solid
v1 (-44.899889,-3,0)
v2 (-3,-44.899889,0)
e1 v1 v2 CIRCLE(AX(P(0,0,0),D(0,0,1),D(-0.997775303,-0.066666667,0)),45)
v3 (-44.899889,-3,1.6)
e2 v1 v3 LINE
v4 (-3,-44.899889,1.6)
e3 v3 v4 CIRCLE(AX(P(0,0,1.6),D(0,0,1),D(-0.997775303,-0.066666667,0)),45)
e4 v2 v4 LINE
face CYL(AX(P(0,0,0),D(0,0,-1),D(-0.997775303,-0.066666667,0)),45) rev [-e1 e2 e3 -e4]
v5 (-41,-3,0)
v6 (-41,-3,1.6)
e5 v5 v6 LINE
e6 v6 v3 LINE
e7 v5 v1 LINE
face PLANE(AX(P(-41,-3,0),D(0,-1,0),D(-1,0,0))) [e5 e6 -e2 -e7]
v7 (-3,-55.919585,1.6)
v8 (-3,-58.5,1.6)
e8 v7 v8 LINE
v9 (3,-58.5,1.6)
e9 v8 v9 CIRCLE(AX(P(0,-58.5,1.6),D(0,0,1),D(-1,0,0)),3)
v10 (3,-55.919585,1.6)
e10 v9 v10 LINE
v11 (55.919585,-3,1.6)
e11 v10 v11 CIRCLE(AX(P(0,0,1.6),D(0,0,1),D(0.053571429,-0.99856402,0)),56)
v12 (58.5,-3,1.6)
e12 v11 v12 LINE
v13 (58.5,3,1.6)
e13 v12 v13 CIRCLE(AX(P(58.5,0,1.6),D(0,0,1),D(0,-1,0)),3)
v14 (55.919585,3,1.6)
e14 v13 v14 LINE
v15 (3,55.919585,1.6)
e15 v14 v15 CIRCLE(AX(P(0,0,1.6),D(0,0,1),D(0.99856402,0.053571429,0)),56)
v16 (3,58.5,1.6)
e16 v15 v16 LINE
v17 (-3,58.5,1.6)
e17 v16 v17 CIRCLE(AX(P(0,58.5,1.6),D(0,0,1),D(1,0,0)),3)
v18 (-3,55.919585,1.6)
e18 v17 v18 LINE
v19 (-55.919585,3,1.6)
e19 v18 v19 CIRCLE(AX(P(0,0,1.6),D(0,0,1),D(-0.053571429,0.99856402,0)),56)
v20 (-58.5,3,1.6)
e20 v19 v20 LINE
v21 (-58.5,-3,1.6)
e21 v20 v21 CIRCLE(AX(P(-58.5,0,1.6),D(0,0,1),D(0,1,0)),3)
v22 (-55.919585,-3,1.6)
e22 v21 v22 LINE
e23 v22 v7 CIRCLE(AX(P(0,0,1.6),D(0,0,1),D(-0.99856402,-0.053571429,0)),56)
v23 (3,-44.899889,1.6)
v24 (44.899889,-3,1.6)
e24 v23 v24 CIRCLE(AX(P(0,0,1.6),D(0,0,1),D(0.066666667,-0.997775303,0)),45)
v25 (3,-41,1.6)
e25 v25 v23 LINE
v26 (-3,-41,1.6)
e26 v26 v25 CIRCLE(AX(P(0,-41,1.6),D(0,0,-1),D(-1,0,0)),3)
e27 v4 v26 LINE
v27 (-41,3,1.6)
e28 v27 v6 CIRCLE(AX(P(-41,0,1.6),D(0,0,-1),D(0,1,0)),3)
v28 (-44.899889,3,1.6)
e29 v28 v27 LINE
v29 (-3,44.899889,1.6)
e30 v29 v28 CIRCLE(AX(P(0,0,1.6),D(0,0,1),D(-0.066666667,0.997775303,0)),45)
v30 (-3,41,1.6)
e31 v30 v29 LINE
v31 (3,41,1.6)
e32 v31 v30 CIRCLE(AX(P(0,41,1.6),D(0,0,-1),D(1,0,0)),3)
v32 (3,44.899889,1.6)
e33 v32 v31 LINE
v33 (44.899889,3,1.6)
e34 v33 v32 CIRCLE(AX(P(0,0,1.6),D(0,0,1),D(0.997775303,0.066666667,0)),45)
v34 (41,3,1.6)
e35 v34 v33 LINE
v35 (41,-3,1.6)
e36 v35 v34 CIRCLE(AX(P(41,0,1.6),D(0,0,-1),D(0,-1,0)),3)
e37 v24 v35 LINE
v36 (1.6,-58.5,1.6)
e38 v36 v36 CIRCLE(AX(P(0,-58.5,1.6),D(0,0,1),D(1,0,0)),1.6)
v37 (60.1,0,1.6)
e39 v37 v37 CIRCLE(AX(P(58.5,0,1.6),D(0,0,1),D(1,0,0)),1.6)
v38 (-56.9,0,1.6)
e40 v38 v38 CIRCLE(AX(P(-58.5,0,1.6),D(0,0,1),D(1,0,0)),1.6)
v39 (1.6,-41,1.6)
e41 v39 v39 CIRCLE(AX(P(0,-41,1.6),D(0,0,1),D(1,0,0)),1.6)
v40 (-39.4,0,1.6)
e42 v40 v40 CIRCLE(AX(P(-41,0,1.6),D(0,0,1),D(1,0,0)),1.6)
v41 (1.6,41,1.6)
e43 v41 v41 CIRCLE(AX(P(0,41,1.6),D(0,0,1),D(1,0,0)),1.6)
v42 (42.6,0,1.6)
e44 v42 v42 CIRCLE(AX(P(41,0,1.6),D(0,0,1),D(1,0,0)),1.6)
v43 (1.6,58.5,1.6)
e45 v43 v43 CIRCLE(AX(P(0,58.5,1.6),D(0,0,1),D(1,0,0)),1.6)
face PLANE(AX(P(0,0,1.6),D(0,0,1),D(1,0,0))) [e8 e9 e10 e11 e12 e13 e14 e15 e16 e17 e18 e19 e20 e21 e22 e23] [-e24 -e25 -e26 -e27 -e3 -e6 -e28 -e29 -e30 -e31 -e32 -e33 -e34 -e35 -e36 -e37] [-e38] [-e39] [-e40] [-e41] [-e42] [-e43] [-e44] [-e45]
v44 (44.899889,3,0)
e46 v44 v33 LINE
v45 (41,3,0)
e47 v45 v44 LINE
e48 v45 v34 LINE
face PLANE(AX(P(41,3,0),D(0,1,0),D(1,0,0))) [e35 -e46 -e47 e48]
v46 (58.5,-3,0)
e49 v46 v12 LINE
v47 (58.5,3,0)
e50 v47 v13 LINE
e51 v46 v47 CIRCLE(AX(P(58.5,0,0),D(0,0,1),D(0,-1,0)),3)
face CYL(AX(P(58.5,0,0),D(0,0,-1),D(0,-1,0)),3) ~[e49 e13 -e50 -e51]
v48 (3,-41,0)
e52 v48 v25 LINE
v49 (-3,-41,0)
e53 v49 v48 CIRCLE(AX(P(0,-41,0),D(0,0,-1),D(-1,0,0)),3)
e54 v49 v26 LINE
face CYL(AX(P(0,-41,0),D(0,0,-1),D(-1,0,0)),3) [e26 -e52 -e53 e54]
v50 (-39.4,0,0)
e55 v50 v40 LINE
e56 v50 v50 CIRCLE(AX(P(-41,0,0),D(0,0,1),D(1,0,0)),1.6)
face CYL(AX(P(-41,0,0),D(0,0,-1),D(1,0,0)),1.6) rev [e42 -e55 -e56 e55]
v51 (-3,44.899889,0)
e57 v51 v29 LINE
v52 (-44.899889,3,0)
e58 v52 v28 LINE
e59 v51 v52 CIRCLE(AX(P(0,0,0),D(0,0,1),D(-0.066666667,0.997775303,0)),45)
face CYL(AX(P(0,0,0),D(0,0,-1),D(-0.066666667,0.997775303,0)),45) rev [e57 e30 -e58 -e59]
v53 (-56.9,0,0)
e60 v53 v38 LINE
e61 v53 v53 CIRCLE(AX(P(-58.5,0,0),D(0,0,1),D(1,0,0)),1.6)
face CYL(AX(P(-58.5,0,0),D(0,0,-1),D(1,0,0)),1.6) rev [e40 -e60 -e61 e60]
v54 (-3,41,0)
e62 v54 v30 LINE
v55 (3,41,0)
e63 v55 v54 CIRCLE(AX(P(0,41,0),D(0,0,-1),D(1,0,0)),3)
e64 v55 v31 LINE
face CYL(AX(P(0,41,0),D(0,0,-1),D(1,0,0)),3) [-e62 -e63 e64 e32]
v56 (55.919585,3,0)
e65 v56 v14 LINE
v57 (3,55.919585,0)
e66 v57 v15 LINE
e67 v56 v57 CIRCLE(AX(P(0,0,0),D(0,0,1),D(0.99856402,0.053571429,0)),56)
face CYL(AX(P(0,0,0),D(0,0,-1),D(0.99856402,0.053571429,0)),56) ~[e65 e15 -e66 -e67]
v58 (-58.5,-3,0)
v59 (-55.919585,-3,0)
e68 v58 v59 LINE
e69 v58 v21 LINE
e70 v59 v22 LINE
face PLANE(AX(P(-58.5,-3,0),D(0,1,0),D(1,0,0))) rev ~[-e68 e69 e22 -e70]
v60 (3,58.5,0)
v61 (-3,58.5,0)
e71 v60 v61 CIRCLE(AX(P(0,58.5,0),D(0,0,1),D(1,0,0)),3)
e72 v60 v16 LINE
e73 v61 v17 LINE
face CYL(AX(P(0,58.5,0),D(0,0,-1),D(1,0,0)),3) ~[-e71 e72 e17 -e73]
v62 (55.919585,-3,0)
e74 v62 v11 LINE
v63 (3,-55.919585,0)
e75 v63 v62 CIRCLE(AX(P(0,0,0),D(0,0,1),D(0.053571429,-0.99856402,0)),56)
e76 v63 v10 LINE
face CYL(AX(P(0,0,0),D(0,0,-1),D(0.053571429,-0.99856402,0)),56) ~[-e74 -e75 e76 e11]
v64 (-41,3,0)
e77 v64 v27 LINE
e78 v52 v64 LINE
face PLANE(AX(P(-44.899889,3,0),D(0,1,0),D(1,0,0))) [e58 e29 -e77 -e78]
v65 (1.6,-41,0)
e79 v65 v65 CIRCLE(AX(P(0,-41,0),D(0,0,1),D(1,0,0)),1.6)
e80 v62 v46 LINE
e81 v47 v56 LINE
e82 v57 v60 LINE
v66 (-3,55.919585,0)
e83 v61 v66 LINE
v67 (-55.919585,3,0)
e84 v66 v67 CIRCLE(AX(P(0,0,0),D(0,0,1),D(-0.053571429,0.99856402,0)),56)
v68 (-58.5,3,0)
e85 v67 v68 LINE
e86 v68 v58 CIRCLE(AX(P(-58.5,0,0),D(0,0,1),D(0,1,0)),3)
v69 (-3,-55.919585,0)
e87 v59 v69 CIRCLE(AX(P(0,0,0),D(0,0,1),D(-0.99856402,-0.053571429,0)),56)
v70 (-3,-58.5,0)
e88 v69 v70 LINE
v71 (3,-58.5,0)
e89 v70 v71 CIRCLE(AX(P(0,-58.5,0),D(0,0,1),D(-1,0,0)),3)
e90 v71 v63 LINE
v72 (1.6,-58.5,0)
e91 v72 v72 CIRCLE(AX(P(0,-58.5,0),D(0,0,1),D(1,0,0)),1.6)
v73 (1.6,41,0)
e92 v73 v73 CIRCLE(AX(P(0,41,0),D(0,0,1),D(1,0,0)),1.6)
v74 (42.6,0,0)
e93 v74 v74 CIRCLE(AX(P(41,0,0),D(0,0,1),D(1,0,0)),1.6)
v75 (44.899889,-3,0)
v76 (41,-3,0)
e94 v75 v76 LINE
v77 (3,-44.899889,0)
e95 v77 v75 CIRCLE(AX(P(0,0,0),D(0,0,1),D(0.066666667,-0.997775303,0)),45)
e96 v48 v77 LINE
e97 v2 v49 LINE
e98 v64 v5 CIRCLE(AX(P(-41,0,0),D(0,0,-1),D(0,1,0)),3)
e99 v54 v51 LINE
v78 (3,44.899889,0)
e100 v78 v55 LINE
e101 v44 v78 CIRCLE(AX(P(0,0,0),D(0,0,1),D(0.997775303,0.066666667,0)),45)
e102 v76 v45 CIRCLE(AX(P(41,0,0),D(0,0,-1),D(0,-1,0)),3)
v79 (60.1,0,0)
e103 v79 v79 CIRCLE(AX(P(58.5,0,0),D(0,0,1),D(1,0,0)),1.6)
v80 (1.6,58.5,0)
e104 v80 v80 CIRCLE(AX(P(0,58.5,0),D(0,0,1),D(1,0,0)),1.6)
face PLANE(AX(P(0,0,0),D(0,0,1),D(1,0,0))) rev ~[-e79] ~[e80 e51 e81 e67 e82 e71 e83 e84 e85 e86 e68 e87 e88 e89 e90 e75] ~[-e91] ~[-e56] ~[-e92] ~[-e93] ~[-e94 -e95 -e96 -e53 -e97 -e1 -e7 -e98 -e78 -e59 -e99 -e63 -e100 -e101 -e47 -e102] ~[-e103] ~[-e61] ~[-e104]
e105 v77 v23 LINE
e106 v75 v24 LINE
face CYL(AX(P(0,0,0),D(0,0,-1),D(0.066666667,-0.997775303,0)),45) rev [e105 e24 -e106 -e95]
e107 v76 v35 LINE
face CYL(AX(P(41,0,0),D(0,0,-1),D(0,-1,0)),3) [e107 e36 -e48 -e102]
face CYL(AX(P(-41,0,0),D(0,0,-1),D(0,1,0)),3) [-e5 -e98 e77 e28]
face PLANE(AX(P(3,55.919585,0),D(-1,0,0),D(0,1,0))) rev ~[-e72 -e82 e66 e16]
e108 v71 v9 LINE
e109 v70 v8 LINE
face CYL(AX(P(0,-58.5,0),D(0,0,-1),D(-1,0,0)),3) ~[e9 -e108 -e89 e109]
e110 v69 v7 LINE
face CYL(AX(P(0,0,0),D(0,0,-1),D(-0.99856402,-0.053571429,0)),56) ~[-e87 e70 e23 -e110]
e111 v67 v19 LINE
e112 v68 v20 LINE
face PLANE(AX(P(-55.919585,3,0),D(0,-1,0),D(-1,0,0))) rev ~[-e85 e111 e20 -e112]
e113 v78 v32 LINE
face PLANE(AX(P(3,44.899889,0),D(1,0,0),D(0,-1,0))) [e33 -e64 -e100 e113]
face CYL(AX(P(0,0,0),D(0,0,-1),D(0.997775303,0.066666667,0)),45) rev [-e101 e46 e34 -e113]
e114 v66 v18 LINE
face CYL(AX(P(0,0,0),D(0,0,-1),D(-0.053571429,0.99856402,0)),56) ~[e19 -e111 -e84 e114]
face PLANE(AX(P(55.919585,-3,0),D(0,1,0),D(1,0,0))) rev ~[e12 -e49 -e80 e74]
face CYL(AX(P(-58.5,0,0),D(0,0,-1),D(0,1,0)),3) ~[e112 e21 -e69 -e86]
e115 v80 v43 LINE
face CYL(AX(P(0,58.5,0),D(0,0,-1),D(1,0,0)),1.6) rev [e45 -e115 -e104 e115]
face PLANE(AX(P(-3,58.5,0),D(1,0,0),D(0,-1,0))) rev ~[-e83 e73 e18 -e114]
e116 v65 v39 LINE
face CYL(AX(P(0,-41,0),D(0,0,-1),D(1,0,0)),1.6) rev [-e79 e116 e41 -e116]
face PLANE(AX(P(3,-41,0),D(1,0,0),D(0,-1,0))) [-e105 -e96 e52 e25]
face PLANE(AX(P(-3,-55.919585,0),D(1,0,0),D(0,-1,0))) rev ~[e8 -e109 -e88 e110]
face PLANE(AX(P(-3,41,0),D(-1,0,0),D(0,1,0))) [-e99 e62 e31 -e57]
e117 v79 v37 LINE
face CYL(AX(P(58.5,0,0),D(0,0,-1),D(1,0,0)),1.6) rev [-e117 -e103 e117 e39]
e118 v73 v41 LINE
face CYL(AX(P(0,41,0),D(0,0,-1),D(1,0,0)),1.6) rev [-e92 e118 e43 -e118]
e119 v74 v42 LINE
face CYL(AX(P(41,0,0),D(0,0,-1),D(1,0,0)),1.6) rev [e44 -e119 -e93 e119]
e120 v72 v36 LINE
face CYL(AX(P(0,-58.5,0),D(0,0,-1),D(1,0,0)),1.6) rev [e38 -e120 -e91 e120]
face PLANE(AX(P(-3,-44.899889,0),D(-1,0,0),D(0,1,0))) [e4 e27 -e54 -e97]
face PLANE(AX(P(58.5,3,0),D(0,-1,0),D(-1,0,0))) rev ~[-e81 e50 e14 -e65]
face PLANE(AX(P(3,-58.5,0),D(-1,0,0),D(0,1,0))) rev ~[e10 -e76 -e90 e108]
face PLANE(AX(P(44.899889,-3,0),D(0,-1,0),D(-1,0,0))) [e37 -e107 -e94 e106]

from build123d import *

# Parameters (mm, degrees)
SKETCH1_R           = 1.6
BOSS_EXTRUDE1_DEPTH = 1.6


with BuildPart() as part:
    # Sketch1 → Boss-Extrude1 (new body)
    with BuildSketch(Plane.XY):
        with BuildLine():
            Line((-58.5, -3), (-55.91958512, -3))
            ThreePointArc((-55.91958512, -3), (-39.597979746, -39.597979746), (-3, -55.91958512))
            Line((-3, -55.91958512), (-3, -58.5))
            ThreePointArc((-3, -58.5), (0, -61.5), (3, -58.5))
            Line((3, -58.5), (3, -55.91958512))
            ThreePointArc((3, -55.91958512), (39.597979746, -39.597979746), (55.91958512, -3))
            Line((55.91958512, -3), (58.5, -3))
            ThreePointArc((58.5, -3), (61.5, 0), (58.5, 3))
            Line((58.5, 3), (55.91958512, 3))
            ThreePointArc((55.91958512, 3), (39.597979746, 39.597979746), (3, 55.91958512))
            Line((3, 55.91958512), (3, 58.5))
            ThreePointArc((3, 58.5), (0, 61.5), (-3, 58.5))
            Line((-3, 58.5), (-3, 55.91958512))
            ThreePointArc((-3, 55.91958512), (-39.597979746, 39.597979746), (-55.91958512, 3))
            Line((-55.91958512, 3), (-58.5, 3))
            ThreePointArc((-58.5, 3), (-61.5, 0), (-58.5, -3))
        make_face()
        with Locations((-41, 0)):
            Circle(SKETCH1_R, mode=Mode.SUBTRACT)
        with Locations((0, -41)):
            Circle(SKETCH1_R, mode=Mode.SUBTRACT)
        with Locations((41, 0)):
            Circle(SKETCH1_R, mode=Mode.SUBTRACT)
        with Locations((0, 41)):
            Circle(SKETCH1_R, mode=Mode.SUBTRACT)
        with Locations((-58.5, 0)):
            Circle(SKETCH1_R, mode=Mode.SUBTRACT)
        with Locations((0, 58.5)):
            Circle(SKETCH1_R, mode=Mode.SUBTRACT)
        with Locations((58.5, 0)):
            Circle(SKETCH1_R, mode=Mode.SUBTRACT)
        with Locations((0, -58.5)):
            Circle(SKETCH1_R, mode=Mode.SUBTRACT)
        with BuildLine():
            ThreePointArc((44.899888641, 3), (31.819805153, 31.819805153), (3, 44.899888641))
            Line((3, 44.899888641), (3, 41))
            ThreePointArc((3, 41), (0, 38), (-3, 41))
            Line((-3, 41), (-3, 44.899888641))
            ThreePointArc((-3, 44.899888641), (-31.819805153, 31.819805153), (-44.899888641, 3))
            Line((-44.899888641, 3), (-41, 3))
            ThreePointArc((-41, 3), (-38, 0), (-41, -3))
            Line((-41, -3), (-44.899888641, -3))
            ThreePointArc((-44.899888641, -3), (-31.819805153, -31.819805153), (-3, -44.899888641))
            Line((-3, -44.899888641), (-3, -41))
            ThreePointArc((-3, -41), (0, -38), (3, -41))
            Line((3, -41), (3, -44.899888641))
            ThreePointArc((3, -44.899888641), (31.819805153, -31.819805153), (44.899888641, -3))
            Line((44.899888641, -3), (41, -3))
            ThreePointArc((41, -3), (38, 0), (41, 3))
            Line((41, 3), (44.899888641, 3))
        make_face(mode=Mode.SUBTRACT)
    extrude(amount=BOSS_EXTRUDE1_DEPTH)


solid = part.part
